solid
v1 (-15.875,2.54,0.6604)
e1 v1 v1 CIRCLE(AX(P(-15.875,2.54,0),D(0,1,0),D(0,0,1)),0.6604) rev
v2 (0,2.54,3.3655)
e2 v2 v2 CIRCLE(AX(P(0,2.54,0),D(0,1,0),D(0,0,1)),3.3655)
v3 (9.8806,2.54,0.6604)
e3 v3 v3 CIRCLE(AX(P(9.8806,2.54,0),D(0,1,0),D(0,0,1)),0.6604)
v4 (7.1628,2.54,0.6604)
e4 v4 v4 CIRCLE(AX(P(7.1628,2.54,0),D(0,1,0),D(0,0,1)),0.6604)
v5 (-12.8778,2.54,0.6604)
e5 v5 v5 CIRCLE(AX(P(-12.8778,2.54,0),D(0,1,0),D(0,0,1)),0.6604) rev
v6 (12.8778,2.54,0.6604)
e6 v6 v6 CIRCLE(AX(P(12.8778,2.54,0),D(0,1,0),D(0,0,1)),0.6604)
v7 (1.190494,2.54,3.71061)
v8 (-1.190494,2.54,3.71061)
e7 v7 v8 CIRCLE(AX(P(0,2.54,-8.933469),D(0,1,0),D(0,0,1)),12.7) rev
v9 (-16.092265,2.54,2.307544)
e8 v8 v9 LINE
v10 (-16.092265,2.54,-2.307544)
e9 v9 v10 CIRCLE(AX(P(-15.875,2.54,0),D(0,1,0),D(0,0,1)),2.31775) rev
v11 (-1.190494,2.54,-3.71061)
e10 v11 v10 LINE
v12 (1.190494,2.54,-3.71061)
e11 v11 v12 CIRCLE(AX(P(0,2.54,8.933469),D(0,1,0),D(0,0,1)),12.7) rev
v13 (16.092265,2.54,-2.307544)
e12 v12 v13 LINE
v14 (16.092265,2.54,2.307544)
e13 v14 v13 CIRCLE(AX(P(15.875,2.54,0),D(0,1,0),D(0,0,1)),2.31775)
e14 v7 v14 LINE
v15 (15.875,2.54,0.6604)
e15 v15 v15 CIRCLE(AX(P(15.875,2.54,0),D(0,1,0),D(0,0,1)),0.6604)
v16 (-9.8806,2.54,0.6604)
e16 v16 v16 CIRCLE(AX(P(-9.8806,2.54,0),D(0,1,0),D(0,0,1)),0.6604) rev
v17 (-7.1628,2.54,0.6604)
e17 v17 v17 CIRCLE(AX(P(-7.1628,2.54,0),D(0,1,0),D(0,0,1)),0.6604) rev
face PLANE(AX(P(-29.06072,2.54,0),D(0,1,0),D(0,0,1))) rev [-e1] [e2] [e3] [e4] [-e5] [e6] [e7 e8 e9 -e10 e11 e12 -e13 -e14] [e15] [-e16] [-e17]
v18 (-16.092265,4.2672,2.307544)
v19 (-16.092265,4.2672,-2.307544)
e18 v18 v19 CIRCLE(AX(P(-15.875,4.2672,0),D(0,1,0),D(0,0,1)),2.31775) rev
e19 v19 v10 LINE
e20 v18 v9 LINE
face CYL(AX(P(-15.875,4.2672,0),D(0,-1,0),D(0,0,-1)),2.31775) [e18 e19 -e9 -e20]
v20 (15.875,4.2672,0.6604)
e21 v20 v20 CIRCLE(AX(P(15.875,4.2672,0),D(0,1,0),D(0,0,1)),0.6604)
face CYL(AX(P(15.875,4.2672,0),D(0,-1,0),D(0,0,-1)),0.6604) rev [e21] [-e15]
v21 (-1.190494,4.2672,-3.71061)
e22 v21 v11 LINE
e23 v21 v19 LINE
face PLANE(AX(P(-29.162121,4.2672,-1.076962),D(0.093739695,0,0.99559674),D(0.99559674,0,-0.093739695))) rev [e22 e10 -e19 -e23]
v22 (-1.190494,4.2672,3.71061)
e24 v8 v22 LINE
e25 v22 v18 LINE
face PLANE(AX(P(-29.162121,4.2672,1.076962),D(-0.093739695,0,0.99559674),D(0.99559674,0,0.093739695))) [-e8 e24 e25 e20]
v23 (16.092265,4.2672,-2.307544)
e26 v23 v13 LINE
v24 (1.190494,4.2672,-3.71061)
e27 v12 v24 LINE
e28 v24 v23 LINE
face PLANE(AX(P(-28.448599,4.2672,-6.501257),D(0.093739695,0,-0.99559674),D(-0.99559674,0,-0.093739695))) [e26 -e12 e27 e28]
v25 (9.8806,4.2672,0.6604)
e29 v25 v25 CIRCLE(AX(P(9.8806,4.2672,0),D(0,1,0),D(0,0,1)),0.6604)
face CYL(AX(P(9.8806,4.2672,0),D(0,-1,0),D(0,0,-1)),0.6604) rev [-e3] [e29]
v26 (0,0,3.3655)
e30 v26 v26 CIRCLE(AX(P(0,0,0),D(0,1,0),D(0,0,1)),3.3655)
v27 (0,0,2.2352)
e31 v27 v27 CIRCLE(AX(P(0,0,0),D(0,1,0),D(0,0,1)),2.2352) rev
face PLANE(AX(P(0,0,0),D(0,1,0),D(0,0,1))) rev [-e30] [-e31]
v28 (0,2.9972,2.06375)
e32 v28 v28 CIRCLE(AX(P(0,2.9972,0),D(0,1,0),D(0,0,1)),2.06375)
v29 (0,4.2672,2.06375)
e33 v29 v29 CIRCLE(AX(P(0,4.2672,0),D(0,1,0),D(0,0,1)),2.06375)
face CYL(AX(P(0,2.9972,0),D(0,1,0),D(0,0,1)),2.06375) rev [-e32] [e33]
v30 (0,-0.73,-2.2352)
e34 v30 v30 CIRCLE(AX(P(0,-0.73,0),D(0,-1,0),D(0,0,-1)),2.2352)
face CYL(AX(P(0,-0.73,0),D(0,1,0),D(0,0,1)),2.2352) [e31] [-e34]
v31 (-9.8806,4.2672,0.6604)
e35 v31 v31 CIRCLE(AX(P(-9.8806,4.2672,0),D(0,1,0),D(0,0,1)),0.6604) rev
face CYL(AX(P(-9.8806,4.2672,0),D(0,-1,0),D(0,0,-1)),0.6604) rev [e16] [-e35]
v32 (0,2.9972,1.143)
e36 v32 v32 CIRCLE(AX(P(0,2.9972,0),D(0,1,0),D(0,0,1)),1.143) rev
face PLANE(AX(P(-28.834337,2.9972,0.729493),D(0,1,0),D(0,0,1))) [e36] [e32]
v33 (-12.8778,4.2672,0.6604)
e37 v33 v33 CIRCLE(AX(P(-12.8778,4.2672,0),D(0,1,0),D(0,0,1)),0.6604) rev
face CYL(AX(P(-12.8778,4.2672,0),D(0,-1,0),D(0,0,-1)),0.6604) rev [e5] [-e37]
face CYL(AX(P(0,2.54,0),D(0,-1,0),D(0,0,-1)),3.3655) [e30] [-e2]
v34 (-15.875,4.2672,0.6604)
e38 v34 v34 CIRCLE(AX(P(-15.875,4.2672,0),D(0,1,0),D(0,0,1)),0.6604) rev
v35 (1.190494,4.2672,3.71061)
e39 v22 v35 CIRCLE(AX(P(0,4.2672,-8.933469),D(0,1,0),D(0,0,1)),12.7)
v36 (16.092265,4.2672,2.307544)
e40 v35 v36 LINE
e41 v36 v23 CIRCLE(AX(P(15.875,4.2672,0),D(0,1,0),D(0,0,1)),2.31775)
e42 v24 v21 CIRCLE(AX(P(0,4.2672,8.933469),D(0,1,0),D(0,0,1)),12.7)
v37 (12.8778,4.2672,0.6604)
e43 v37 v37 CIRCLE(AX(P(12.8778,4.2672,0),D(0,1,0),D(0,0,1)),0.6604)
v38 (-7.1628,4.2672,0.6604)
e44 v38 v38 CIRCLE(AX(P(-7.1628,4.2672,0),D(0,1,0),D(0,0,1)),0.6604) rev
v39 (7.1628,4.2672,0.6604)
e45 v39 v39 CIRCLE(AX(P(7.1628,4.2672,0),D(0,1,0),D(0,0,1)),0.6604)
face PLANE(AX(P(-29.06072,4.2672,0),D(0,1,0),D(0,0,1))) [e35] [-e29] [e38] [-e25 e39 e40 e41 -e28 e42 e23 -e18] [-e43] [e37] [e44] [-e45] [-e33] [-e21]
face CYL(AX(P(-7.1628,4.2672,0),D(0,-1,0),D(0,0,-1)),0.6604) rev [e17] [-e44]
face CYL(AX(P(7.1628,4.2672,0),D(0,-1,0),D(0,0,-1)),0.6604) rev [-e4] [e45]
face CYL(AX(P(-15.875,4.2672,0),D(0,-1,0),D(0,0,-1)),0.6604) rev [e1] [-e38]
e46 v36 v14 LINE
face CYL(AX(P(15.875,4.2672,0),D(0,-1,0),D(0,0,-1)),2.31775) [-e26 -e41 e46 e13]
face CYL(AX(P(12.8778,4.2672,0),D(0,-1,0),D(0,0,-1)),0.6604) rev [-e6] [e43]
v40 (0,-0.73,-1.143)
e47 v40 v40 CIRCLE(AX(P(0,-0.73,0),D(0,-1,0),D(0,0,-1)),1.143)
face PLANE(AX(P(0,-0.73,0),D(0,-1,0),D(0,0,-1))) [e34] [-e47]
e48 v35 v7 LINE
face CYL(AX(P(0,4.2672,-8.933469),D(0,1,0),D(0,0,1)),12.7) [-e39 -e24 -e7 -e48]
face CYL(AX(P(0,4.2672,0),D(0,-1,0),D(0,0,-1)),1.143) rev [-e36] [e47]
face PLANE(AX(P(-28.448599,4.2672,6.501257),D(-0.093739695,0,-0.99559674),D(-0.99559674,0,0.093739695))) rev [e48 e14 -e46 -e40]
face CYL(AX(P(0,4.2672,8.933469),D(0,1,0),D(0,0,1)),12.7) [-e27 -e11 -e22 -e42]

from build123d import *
from build123d.topology import SkipClean

# Parameters (mm, degrees)
SKETCH1_R                = 3.3655
SKETCH1_R_2              = 2.2352
BOSS_EXTRUDE1_DEPTH      = 2.54
SKETCH2_R                = 0.6604
SKETCH2_R_2              = 2.31775
SKETCH2_R_3              = 3.3655
SKETCH2_R_4              = 2.2352
SKETCH2_R_5              = 1.143
BOSS_EXTRUDE2_DEPTH      = 1.7272
FILLET1_R                = 12.7
CUT_EXTRUDE1_START       = -1.27
SKETCH3_R                = 2.06375
SKETCH3_R_2              = 1.143
CUT_EXTRUDE1_DEPTH       = 1.27
RESSALTO_EXTRUS_O1_START = 3.27
ESBO_O1_R                = 2.2352
ESBO_O1_R_2              = 1.143
RESSALTO_EXTRUS_O1_DEPTH = 3.27


with BuildPart() as part:
    # Sketch1 → Boss-Extrude1 (new body)
    with BuildSketch(Plane(origin=(0, 0, 0), x_dir=(1, 0, 0), z_dir=(0, 1, 0))):
        with Locations(Location((0, 0, 0), (0, 0, 270))):
            Circle(SKETCH1_R)
        with Locations(Location((0, 0, 0), (0, 0, 270))):
            Circle(SKETCH1_R_2, mode=Mode.SUBTRACT)
    extrude(amount=BOSS_EXTRUDE1_DEPTH)

    # Sketch2 → Boss-Extrude2 (add)
    # profile 1 of 7: a face of its own
    with BuildSketch(Plane(origin=(0, 2.54, 0), x_dir=(1, 0, 0), z_dir=(0, 1, 0))):
        with BuildLine():
            ThreePointArc((-0.713521748, -3.755518873), (-3.8227, 0), (-0.713521748, 3.755518873))
            Line((-0.713521748, 3.755518873), (-16.092265178, 2.307544345))
            ThreePointArc((-16.092265178, 2.307544345), (-14.314807913, 1.713991165), (-13.55725, 0))
            ThreePointArc((-13.55725, 0), (-14.314807913, -1.713991165), (-16.092265178, -2.307544345))
            Line((-16.092265178, -2.307544345), (-0.713521748, -3.755518873))
        make_face()
        with Locations(Location((-12.8778, 0, 0), (0, 0, 270))):
            Circle(SKETCH2_R, mode=Mode.SUBTRACT)
        with Locations(Location((-9.8806, 0, 0), (0, 0, 270))):
            Circle(SKETCH2_R, mode=Mode.SUBTRACT)
        with Locations(Location((-7.1628, 0, 0), (0, 0, 270))):
            Circle(SKETCH2_R, mode=Mode.SUBTRACT)
    # profile 2 of 7: a face of its own
    with BuildSketch(Plane(origin=(0, 2.54, 0), x_dir=(1, 0, 0), z_dir=(0, 1, 0))):
        with Locations((-15.875, 0)):
            Circle(SKETCH2_R_2)
        with Locations(Location((-15.875, 0, 0), (0, 0, 270))):
            Circle(SKETCH2_R, mode=Mode.SUBTRACT)
    # profile 3 of 7: a face of its own
    with BuildSketch(Plane(origin=(0, 2.54, 0), x_dir=(1, 0, 0), z_dir=(0, 1, 0))):
        with BuildLine():
            Line((16.092265178, 2.307544345), (0.713521748, 3.755518873))
            ThreePointArc((0.713521748, 3.755518873), (2.944538578, 2.437771083), (3.8227, 0))
            ThreePointArc((3.8227, 0), (2.944538578, -2.437771083), (0.713521748, -3.755518873))
            Line((0.713521748, -3.755518873), (16.092265178, -2.307544345))
            ThreePointArc((16.092265178, -2.307544345), (13.55725, 0), (16.092265178, 2.307544345))
        make_face()
        with Locations(Location((7.1628, 0, 0), (0, 0, 270))):
            Circle(SKETCH2_R, mode=Mode.SUBTRACT)
        with Locations(Location((9.8806, 0, 0), (0, 0, 270))):
            Circle(SKETCH2_R, mode=Mode.SUBTRACT)
        with Locations(Location((12.8778, 0, 0), (0, 0, 270))):
            Circle(SKETCH2_R, mode=Mode.SUBTRACT)
    # profile 4 of 7: a face of its own
    with BuildSketch(Plane(origin=(0, 2.54, 0), x_dir=(1, 0, 0), z_dir=(0, 1, 0))):
        with Locations((15.875, 0)):
            Circle(SKETCH2_R_2)
        with Locations(Location((15.875, 0, 0), (0, 0, 270))):
            Circle(SKETCH2_R, mode=Mode.SUBTRACT)
    # profile 5 of 7: a face of its own
    with BuildSketch(Plane(origin=(0, 2.54, 0), x_dir=(1, 0, 0), z_dir=(0, 1, 0))):
        with BuildLine():
            Line((0.713521748, 3.755518873), (0, 3.8227))
            Line((0, 3.8227), (-0.713521748, 3.755518873))
            ThreePointArc((-0.713521748, 3.755518873), (-3.8227, 0), (-0.713521748, -3.755518873))
            Line((-0.713521748, -3.755518873), (0, -3.8227))
            Line((0, -3.8227), (0.713521748, -3.755518873))
            ThreePointArc((0.713521748, -3.755518873), (2.944538578, -2.437771083), (3.8227, 0))
            ThreePointArc((3.8227, 0), (2.944538578, 2.437771083), (0.713521748, 3.755518873))
        make_face()
        with Locations(Location((0, 0, 0), (0, 0, 270))):
            Circle(SKETCH2_R_3, mode=Mode.SUBTRACT)
    # profile 6 of 7: a face of its own
    with BuildSketch(Plane(origin=(0, 2.54, 0), x_dir=(1, 0, 0), z_dir=(0, 1, 0))):
        with Locations(Location((0, 0, 0), (0, 0, 270))):
            Circle(SKETCH2_R_3)
        with Locations(Location((0, 0, 0), (0, 0, 270))):
            Circle(SKETCH2_R_4, mode=Mode.SUBTRACT)
    # profile 7 of 7: a face of its own
    with BuildSketch(Plane(origin=(0, 2.54, 0), x_dir=(1, 0, 0), z_dir=(0, 1, 0))):
        with Locations(Location((0, 0, 0), (0, 0, 270))):
            Circle(SKETCH2_R_4)
        with Locations(Location((0, 0, 0), (0, 0, 270))):
            Circle(SKETCH2_R_5, mode=Mode.SUBTRACT)
    extrude(amount=BOSS_EXTRUDE2_DEPTH)

    # Fillet1
    fillet1_edges = [part.edges().sort_by_distance(p)[0] for p in [
        (0, 3.4036, -3.8227),
        (0, 3.4036, 3.8227),
    ]]
    fillet(fillet1_edges, radius=FILLET1_R)

    # Sketch3 → Cut-Extrude1 (cut)
    with BuildSketch(Plane(origin=(0, 4.2672, 0), x_dir=(1, 0, 0), z_dir=(0, 1, 0)).offset(CUT_EXTRUDE1_START)):
        with Locations(Location((0, 0, 0), (0, 0, 270))):
            Circle(SKETCH3_R)
        with Locations(Location((0, 0, 0), (0, 0, 270))):
            Circle(SKETCH3_R_2, mode=Mode.SUBTRACT)
    extrude(amount=CUT_EXTRUDE1_DEPTH, mode=Mode.SUBTRACT)

    # Esboço1 → Ressalto-extrusão1 (add)
    with SkipClean():  # the faces are left unmerged after this step: merging them gives an invalid solid
        with BuildSketch(Plane.XZ.offset(-2.54).offset(RESSALTO_EXTRUS_O1_START)):
            with Locations(Location((0, 0, 0), (0, 0, 90))):
                Circle(ESBO_O1_R)
            with Locations(Location((0, 0, 0), (0, 0, 270))):
                Circle(ESBO_O1_R_2, mode=Mode.SUBTRACT)
        extrude(amount=-RESSALTO_EXTRUS_O1_DEPTH)


solid = part.part
